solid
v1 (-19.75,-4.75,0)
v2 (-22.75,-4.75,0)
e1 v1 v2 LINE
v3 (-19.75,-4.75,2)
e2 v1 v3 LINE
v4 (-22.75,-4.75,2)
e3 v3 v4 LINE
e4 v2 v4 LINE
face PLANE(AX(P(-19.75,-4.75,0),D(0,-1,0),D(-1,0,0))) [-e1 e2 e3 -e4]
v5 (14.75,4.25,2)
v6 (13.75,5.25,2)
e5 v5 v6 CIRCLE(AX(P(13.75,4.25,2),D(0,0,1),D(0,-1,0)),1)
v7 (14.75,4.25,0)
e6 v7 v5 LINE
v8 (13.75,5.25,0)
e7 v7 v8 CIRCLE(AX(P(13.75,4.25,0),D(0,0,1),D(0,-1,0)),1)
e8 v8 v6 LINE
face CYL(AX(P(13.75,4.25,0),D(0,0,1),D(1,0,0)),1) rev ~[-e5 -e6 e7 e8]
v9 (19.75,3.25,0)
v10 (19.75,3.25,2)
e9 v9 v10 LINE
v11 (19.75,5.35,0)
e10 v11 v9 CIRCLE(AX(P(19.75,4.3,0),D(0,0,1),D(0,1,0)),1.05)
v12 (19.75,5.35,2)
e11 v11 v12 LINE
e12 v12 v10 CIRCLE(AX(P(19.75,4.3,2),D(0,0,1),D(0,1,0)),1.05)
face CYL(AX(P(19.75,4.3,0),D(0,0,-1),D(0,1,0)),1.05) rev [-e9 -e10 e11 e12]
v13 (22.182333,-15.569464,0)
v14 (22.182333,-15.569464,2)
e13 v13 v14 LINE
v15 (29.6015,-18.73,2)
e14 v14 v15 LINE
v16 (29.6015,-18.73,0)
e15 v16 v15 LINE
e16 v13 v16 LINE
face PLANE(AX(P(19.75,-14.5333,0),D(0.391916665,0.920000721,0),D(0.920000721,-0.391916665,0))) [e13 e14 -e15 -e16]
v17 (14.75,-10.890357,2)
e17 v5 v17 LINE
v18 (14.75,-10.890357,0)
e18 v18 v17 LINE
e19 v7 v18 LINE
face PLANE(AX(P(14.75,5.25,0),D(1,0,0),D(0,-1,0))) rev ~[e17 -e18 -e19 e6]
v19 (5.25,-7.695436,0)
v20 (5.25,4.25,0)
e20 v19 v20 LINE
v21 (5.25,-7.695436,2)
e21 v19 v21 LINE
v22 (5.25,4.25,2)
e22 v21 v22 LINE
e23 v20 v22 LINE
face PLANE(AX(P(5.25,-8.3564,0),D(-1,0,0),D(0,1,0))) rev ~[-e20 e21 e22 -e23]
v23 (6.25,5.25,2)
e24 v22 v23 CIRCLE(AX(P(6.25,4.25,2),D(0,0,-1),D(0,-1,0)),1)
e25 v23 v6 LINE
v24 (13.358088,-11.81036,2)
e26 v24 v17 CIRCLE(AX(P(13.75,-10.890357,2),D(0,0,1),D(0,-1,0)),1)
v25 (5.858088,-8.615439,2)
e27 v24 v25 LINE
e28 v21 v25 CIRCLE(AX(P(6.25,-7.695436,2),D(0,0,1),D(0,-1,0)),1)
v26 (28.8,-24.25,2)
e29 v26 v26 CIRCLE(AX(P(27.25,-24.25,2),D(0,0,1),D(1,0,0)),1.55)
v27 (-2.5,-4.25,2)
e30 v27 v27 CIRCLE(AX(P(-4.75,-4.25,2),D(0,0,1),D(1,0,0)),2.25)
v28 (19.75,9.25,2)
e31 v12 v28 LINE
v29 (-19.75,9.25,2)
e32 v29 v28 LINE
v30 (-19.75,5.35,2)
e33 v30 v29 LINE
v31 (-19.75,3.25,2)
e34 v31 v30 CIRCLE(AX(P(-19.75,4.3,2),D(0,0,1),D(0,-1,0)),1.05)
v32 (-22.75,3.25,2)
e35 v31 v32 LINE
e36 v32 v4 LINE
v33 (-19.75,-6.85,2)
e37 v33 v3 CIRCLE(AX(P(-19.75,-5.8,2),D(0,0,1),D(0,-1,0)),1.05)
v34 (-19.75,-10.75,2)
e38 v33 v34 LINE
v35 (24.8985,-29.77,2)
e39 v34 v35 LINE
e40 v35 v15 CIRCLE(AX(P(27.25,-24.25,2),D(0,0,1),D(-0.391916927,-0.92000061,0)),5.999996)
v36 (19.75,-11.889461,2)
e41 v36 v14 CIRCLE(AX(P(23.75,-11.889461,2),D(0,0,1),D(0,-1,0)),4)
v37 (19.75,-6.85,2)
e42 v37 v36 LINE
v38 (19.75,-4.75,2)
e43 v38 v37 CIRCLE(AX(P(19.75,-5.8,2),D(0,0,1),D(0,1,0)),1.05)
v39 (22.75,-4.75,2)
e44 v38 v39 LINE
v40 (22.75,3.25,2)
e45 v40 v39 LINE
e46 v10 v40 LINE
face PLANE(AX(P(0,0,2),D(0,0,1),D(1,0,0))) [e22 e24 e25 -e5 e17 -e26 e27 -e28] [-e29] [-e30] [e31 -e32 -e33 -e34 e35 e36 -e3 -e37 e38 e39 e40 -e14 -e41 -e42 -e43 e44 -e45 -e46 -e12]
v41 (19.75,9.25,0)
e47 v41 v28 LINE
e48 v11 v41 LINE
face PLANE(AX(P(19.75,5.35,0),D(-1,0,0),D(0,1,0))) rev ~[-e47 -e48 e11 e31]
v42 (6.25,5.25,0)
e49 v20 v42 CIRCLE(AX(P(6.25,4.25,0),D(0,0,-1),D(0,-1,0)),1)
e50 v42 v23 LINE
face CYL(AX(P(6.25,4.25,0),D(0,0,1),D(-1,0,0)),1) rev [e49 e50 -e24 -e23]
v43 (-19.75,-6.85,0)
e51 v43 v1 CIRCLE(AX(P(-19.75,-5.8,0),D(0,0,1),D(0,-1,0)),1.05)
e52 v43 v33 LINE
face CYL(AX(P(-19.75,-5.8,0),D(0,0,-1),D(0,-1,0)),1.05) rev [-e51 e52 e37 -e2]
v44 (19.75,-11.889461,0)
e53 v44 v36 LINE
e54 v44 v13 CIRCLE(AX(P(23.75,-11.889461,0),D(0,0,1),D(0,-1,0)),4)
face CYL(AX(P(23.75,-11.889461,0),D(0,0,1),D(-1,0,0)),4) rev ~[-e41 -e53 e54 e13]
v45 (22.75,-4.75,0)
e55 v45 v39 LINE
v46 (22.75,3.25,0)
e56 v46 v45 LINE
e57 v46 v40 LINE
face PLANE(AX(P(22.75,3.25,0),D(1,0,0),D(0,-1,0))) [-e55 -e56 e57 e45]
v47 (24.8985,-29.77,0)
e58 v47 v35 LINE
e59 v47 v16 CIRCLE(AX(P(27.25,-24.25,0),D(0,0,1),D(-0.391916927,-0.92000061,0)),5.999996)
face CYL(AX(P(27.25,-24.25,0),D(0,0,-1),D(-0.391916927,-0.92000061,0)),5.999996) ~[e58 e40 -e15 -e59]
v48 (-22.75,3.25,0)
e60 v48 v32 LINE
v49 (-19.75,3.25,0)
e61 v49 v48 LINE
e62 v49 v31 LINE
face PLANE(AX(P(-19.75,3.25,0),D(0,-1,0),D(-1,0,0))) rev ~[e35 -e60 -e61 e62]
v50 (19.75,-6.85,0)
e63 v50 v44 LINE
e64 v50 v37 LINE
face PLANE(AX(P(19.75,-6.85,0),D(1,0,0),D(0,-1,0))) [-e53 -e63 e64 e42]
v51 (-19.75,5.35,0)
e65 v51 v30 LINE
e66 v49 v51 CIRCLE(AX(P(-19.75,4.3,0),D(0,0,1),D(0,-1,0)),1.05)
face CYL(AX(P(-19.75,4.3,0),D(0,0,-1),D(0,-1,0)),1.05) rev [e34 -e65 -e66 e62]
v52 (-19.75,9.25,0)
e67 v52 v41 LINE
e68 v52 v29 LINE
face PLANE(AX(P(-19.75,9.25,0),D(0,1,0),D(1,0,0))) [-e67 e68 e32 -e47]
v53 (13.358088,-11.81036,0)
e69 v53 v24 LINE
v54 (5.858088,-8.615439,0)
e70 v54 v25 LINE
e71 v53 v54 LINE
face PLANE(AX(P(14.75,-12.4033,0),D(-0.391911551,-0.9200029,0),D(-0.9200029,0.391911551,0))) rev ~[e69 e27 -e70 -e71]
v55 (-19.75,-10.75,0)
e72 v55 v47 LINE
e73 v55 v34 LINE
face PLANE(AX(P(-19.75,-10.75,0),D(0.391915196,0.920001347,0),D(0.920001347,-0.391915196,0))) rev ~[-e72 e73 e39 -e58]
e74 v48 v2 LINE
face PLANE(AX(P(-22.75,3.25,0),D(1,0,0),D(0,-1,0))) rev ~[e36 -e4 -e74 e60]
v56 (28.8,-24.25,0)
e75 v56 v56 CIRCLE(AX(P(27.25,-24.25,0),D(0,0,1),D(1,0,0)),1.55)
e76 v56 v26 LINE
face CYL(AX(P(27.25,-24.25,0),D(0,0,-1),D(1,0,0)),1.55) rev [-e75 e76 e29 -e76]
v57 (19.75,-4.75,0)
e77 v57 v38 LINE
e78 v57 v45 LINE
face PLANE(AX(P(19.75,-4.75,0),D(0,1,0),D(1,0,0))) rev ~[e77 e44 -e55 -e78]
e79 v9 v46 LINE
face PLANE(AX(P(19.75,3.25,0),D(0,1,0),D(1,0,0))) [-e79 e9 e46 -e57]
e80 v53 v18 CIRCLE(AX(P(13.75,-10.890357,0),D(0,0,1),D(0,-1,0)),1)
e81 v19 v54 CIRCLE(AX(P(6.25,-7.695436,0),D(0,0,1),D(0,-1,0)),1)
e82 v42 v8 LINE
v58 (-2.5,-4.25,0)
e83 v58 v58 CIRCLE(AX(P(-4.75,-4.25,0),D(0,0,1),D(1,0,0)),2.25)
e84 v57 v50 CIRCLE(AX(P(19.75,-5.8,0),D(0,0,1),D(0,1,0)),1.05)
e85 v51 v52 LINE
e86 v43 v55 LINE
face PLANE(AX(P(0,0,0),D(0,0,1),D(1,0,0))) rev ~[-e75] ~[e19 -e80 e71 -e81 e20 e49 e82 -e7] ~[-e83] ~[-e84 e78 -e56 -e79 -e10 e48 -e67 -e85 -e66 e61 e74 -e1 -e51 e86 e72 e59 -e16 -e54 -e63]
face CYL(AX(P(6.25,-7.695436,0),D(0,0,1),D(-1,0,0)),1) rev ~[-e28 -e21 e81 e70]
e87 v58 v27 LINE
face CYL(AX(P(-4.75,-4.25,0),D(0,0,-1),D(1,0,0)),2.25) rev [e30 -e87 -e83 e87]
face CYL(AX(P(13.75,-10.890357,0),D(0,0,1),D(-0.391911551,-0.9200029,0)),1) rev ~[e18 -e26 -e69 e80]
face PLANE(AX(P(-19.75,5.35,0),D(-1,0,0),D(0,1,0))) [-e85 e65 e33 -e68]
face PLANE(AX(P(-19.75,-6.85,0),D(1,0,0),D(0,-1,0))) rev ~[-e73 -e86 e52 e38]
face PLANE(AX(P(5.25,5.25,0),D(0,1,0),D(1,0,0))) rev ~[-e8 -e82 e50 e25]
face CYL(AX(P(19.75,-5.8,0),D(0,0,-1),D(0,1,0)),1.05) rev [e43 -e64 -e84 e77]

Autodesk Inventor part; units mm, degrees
ref_plane "YZ Plane" through (0, 0, 0) normal (1, 0, 0) x (0, 1, 0)
ref_plane "XZ Plane" through (0, 0, 0) normal (0, 1, 0) x (-1, 0, 0)
ref_plane "XY Plane" through (0, 0, 0) normal (0, 0, 1) x (1, 0, 0)
sketch "スケッチ1" plane through (0, 0, 0) normal (0, 0, 1) x (1, 0, 0)
  line L0 (-19.75, 25.75) -> (19.75, 25.75) construction
  line L1 (19.75, 25.75) -> (19.75, -25.75) construction
  line L2 (19.75, -25.75) -> (-19.75, -25.75) construction
  line L3 (-19.75, -25.75) -> (-19.75, 25.75) construction
  line L4 (-19.75, 25.75) -> (19.75, -25.75) construction
  line L5 (19.75, 25.75) -> (-19.75, -25.75) construction
  circle A0 centre (27.25, -24.25) radius 1.55
  circle A1 centre (-4.75, -4.25) radius 2.25
  line L6 (0, 25.75) -> (0, -25.75) construction
  line L7 (-19.75, 3.25) -> (-22.75, 3.25)
  line L8 (-22.75, 3.25) -> (-22.75, -4.75)
  arc A2 (-19.75, 3.25) -> (-19.75, 5.35) centre (-19.75, 4.3) ccw
  line L9 (-22.75, -0.75) -> (-19.75, -0.75) construction
  line L10 (-19.75, -4.75) -> (-22.75, -4.75)
  arc A3 (-19.75, -6.85) -> (-19.75, -4.75) centre (-19.75, -5.8) ccw
  line L11 (-19.75, 5.35) -> (-19.75, 9.25)
  line L12 (-19.75, 9.25) -> (19.75, 9.25)
  line L13 (22.75, 3.25) -> (22.75, -4.75)
  arc A4 (19.75, 5.35) -> (19.75, 3.25) centre (19.75, 4.3) ccw
  line L14 (19.75, -4.75) -> (22.75, -4.75)
  arc A5 (19.75, -4.75) -> (19.75, -6.85) centre (19.75, -5.8) ccw
  line L15 (19.75, 5.35) -> (19.75, 9.25)
  line L16 (19.75, 3.25) -> (22.75, 3.25)
  arc A6 (24.8985, -29.77) -> (29.6015, -18.73) centre (27.25, -24.25) ccw
  line L17 (-19.75, -6.85) -> (-19.75, -10.75)
  line L18 (-19.75, -10.75) -> (24.8985, -29.77)
  line L19 (19.75, -6.85) -> (19.75, -14.5333)
  line L20 (19.75, -14.5333) -> (29.6015, -18.73)
  circle A7 centre (-4.75, -4.25) radius 6 construction
  circle A8 centre (27.25, -24.25) radius 6 construction
  line L21 (5.25, 5.25) -> (14.75, 5.25)
  line L22 (14.75, 5.25) -> (14.75, -12.4033)
  line L23 (14.75, -12.4033) -> (5.25, -8.3564)
  line L24 (5.25, -8.3564) -> (5.25, 5.25)
  point P0 (0, 0)
  dimension "d0" = 39.5
  dimension "d1" = 51.5
  dimension "d2" = 3.1
  dimension "d3" = 4.5
  dimension "d4" = 32
  dimension "d5" = 20
  dimension "d6" = 3
  dimension "d7" = 1.05
  dimension "d8" = 8
  dimension "d9" = 26.5
  dimension "d11" = 30
  dimension "d12" = 15
  dimension "d13" = 6
  dimension "d14" = 12
  dimension "d19" = 12
  dimension "d20" = 12
  dimension "d21" = 4
  dimension "d22" = 5
  dimension "d24" = 4
extrude "押し出し1" add sketch "スケッチ1" along normal blind 2
fillet "フィレット1" radius 4 1 edges at (19.75, -14.5333, 1)
fillet "フィレット2" radius 1 4 edges at (5.25, 5.25, 1) (14.75, 5.25, 1) (5.25, -8.3564, 1) (14.75, -12.4033, 1)
equation "\"d24\" = d21"
properties part number "Leg_Joint_side_frame" material "アルミニウム 2014-T4"
